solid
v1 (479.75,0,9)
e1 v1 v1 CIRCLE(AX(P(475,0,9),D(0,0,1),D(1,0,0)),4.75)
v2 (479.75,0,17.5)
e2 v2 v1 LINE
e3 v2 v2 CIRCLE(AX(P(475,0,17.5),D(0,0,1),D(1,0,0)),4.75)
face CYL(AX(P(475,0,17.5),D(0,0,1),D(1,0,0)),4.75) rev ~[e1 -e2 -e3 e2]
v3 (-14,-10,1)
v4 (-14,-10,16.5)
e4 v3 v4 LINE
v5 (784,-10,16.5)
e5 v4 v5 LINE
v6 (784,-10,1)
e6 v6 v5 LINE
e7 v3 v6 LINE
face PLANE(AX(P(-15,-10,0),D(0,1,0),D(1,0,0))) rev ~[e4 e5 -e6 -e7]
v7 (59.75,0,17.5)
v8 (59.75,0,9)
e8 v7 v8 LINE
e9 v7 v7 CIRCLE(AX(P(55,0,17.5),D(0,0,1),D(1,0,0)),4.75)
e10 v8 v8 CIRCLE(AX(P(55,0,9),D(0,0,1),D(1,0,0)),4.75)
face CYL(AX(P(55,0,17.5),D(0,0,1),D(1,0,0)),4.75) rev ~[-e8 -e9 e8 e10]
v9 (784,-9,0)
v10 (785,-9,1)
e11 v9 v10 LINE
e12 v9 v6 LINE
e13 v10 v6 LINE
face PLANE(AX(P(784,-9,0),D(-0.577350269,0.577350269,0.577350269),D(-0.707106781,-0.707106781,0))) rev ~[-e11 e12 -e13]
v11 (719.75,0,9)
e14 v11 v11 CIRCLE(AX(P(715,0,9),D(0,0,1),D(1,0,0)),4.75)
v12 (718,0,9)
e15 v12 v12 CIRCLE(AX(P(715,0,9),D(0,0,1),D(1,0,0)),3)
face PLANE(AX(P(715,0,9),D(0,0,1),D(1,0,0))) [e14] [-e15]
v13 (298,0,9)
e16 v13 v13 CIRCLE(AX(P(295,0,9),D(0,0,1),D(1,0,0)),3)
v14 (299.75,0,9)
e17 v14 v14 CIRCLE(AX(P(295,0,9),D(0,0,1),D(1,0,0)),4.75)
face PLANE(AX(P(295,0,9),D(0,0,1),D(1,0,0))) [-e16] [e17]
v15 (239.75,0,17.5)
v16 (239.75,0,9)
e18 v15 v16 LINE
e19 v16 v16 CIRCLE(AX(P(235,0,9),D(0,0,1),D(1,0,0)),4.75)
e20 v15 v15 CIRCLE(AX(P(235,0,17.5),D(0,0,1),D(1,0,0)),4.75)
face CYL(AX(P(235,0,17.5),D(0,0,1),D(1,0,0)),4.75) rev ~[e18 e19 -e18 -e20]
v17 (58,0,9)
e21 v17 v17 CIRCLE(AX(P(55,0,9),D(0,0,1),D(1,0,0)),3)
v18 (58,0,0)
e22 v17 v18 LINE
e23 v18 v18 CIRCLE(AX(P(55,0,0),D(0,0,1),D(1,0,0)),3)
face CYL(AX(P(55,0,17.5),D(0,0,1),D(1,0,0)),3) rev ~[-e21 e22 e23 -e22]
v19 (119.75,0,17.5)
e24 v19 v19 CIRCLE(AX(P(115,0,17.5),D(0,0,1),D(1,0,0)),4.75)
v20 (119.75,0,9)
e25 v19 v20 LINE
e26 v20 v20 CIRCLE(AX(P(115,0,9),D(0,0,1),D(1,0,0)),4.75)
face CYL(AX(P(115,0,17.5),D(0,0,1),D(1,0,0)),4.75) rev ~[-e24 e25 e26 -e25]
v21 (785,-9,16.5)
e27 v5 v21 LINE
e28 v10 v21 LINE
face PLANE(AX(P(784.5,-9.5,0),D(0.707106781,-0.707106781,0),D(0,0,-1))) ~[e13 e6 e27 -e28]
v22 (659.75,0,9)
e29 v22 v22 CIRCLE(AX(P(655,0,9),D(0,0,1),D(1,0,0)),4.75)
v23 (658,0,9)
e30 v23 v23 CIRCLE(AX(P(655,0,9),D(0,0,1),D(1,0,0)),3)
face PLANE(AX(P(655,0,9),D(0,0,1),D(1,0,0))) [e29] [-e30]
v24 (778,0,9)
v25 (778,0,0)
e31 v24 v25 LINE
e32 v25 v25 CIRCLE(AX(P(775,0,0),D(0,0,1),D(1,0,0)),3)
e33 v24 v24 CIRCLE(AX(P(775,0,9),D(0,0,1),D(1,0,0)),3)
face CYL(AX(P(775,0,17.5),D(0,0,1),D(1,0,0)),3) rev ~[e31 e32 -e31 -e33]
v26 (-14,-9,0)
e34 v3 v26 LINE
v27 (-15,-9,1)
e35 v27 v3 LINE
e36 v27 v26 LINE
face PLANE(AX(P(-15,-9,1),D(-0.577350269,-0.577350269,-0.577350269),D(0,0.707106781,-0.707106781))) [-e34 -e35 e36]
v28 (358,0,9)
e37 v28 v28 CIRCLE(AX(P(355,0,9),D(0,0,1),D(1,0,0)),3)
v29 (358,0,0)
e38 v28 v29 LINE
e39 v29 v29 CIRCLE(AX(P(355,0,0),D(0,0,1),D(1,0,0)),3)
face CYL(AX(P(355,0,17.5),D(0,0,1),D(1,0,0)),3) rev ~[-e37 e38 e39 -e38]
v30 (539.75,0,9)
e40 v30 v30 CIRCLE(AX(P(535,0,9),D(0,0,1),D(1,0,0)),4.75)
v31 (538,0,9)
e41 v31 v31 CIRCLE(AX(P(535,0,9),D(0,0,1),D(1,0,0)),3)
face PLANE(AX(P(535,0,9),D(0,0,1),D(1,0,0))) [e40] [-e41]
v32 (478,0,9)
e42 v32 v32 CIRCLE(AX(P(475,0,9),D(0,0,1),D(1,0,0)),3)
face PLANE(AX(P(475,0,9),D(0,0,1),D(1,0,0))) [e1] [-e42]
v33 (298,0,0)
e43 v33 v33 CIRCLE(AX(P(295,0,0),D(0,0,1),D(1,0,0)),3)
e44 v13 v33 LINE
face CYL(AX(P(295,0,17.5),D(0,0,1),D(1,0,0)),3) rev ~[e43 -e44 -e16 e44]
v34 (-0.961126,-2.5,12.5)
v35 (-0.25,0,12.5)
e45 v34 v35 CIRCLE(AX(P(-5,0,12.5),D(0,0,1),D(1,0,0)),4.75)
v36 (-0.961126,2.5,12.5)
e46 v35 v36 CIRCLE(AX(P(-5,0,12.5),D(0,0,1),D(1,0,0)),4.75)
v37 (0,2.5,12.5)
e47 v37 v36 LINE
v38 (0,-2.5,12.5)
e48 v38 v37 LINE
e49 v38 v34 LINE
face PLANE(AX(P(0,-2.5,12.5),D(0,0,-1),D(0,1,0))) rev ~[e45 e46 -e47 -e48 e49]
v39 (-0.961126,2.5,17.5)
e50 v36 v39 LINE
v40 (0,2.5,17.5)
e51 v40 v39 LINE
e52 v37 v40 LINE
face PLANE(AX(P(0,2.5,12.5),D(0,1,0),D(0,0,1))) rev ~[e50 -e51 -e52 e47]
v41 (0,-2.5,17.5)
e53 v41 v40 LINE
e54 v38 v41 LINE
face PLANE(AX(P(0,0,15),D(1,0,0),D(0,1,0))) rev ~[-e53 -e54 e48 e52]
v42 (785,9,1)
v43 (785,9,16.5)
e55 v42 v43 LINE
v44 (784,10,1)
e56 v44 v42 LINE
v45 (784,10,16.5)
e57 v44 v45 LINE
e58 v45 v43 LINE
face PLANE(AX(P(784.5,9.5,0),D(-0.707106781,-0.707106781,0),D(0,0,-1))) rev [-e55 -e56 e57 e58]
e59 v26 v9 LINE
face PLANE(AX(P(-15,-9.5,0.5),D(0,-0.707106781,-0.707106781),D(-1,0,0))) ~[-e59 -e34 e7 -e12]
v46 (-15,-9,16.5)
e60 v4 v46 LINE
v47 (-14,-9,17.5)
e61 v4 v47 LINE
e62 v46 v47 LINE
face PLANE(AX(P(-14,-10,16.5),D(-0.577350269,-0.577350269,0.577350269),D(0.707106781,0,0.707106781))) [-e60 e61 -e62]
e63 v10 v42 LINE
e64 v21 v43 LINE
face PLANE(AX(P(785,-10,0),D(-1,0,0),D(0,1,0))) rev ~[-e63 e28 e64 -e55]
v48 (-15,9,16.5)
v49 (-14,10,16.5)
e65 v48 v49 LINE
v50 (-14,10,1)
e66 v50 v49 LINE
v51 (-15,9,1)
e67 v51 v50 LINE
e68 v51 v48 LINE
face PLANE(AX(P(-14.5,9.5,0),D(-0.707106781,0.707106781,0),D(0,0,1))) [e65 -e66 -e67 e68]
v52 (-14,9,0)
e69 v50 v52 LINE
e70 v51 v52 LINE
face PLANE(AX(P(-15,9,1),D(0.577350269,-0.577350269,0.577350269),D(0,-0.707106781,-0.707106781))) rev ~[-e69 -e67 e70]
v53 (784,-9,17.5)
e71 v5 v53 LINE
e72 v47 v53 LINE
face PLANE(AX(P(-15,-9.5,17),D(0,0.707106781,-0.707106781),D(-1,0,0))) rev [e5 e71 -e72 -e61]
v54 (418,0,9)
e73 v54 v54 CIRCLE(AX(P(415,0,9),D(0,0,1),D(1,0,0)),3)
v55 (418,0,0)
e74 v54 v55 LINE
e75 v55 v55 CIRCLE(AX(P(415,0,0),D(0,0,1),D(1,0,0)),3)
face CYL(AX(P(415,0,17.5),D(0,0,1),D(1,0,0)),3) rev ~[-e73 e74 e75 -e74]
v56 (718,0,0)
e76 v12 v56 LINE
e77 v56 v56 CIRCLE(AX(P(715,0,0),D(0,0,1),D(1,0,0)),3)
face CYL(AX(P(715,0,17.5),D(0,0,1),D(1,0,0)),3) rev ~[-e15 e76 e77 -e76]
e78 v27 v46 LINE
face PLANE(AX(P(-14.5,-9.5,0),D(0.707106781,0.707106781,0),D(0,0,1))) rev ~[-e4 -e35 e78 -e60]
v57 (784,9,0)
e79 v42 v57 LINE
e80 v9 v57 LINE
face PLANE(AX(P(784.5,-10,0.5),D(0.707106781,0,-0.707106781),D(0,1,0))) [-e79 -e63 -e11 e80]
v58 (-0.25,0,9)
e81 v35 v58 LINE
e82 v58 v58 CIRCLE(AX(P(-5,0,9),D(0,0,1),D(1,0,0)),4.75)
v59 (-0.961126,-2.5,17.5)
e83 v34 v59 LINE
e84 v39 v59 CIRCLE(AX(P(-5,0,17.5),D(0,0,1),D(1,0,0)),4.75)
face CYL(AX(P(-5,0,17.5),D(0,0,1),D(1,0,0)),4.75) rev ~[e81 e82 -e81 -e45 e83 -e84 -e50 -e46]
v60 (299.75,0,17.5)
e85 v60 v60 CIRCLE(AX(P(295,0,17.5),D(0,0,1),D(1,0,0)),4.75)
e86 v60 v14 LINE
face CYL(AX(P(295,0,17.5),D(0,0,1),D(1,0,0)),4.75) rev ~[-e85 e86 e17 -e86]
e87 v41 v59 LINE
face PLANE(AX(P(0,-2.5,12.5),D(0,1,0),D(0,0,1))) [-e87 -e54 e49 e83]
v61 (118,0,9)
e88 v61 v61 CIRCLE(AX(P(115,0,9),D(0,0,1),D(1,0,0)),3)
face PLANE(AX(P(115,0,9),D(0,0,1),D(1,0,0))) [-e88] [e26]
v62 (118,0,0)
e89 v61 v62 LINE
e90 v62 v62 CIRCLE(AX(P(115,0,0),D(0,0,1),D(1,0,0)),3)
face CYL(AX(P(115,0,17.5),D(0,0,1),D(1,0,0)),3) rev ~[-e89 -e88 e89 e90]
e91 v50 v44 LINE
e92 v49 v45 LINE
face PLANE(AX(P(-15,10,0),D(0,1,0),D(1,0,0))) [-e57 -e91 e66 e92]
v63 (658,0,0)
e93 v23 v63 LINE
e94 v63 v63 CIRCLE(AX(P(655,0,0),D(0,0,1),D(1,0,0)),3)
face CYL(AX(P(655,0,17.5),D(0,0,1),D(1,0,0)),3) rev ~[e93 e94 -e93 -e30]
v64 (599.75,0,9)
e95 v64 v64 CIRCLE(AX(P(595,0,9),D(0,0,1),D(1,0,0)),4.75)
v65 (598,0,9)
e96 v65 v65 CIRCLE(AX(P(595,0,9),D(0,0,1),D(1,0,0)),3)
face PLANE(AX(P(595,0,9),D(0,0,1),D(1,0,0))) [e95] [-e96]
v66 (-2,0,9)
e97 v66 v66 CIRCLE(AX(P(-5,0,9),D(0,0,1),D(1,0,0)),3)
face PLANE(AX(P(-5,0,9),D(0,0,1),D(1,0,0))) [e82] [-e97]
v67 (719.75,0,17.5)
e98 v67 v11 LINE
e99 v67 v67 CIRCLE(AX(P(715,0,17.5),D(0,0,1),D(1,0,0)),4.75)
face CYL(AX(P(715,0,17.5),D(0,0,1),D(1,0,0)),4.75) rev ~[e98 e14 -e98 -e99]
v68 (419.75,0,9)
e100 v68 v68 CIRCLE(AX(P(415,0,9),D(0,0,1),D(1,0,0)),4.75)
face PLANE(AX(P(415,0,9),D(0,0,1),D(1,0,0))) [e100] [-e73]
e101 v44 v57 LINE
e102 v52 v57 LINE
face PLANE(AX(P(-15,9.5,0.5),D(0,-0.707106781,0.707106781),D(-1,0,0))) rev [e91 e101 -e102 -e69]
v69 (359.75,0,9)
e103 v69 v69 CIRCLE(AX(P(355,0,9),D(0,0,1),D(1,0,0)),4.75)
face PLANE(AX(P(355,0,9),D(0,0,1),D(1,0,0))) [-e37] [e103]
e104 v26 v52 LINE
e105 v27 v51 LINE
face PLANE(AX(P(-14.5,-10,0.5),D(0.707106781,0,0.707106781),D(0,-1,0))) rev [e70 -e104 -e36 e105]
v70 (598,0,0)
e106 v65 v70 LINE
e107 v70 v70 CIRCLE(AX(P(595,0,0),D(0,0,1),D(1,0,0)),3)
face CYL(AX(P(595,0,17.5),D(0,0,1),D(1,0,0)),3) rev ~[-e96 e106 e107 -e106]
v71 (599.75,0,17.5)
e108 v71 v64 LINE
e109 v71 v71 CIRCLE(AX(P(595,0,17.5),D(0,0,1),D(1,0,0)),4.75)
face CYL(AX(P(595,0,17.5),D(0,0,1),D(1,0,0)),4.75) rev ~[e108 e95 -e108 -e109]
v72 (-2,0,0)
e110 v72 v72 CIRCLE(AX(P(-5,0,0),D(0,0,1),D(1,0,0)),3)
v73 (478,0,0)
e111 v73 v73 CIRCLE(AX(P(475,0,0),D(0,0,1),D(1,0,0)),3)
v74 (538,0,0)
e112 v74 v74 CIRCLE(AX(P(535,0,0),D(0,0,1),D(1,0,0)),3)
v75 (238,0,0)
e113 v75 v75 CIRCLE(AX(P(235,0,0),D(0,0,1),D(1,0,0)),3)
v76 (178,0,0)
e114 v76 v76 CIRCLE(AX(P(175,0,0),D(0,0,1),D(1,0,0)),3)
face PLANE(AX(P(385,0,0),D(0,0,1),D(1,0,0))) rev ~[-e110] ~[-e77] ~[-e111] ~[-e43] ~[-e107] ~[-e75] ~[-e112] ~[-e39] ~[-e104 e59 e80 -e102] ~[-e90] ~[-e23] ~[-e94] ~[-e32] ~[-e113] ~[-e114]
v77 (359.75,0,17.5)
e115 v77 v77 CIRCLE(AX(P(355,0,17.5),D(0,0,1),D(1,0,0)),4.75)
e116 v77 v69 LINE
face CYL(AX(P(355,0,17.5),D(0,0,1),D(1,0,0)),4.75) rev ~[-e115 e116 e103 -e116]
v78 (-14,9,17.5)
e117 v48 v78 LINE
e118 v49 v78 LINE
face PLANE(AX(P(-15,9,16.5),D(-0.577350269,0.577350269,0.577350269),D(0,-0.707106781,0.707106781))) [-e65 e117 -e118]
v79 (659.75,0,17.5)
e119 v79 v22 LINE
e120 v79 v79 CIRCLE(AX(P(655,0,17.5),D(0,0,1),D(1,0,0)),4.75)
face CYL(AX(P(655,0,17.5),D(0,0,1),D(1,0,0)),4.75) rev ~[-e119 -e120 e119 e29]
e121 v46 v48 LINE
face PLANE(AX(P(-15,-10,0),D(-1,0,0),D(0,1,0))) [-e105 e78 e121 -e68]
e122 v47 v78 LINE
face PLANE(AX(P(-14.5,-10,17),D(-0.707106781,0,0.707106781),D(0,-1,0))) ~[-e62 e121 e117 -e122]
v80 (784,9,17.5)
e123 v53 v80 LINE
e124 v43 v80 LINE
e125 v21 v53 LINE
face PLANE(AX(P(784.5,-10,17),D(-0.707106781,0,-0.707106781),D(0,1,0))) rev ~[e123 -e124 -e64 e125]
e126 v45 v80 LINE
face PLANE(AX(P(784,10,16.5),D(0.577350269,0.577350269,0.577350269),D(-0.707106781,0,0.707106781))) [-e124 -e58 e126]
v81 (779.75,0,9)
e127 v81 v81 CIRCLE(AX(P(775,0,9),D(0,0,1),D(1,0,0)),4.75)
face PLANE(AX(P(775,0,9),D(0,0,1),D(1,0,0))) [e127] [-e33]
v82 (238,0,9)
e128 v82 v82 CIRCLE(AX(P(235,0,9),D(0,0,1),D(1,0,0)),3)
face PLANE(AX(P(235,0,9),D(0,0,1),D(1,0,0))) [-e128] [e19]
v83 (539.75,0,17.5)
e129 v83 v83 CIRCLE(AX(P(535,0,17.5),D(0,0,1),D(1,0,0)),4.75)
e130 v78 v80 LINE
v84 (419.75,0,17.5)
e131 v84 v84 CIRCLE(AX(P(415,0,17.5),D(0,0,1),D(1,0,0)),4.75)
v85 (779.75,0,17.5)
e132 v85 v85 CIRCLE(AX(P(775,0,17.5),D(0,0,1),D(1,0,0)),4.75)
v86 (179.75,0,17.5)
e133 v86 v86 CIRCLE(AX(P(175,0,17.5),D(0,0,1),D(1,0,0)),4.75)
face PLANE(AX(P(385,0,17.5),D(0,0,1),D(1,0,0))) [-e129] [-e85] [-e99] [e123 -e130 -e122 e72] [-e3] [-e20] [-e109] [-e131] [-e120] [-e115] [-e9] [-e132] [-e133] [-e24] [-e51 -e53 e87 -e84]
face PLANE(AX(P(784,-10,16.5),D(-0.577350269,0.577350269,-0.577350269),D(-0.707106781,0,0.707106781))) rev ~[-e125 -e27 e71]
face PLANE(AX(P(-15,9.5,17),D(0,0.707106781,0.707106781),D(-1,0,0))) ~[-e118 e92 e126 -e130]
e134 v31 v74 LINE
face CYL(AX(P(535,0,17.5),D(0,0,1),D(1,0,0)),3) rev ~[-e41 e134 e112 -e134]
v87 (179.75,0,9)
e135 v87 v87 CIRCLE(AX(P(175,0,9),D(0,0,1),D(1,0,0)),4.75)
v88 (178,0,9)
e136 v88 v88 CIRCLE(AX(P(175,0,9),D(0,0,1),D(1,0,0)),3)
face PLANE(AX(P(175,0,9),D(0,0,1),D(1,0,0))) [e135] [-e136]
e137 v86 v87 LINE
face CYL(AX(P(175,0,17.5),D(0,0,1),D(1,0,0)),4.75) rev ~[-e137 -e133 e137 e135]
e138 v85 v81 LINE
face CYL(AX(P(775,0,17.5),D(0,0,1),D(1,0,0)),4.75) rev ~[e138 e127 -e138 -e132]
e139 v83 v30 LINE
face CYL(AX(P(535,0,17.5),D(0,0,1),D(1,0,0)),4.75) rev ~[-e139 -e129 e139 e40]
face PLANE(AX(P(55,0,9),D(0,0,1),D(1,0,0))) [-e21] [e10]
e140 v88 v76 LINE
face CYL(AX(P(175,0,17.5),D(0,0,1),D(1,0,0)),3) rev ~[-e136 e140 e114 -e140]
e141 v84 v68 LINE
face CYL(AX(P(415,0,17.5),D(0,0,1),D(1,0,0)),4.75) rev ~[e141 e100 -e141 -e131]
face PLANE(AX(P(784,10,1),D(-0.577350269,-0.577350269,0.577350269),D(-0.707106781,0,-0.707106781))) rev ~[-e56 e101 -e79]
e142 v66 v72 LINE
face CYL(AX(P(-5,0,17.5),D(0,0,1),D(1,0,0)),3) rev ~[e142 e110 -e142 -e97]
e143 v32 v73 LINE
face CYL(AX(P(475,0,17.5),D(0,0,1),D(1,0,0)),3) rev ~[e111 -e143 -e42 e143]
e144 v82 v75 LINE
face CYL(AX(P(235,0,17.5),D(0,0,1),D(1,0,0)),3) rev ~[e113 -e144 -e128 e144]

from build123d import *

# Parameters (mm, degrees)
SKETCH_W        = 800
SKETCH_H        = 20
PAD_DEPTH       = 17.5
SKETCH001_R     = 4.75
POCKET_DEPTH    = 8.5
SKETCH002_R     = 3
POCKET001_DEPTH = 17.501
CHAMFER_SIZE    = 1
SKETCH003_W     = 5
SKETCH003_H     = 5
POCKET002_DEPTH = 4


with BuildPart() as part:
    # Sketch → Pad (new body)
    with BuildSketch(Plane.XY):
        with Locations((385, 0)):
            Rectangle(SKETCH_W, SKETCH_H)
    extrude(amount=PAD_DEPTH)

    # Sketch001 (on Face6 of Pad) → Pocket (cut)
    with BuildSketch(Plane.XY.offset(17.5)):
        with Locations((-5, 0)):
            Circle(SKETCH001_R)
        with Locations((55, 0)):
            Circle(SKETCH001_R)
        with Locations((115, 0)):
            Circle(SKETCH001_R)
        with Locations((175, 0)):
            Circle(SKETCH001_R)
        with Locations((235, 0)):
            Circle(SKETCH001_R)
        with Locations((295, 0)):
            Circle(SKETCH001_R)
        with Locations((355, 0)):
            Circle(SKETCH001_R)
        with Locations((415, 0)):
            Circle(SKETCH001_R)
        with Locations((475, 0)):
            Circle(SKETCH001_R)
        with Locations((535, 0)):
            Circle(SKETCH001_R)
        with Locations((595, 0)):
            Circle(SKETCH001_R)
        with Locations((655, 0)):
            Circle(SKETCH001_R)
        with Locations((715, 0)):
            Circle(SKETCH001_R)
        with Locations((775, 0)):
            Circle(SKETCH001_R)
    extrude(amount=-POCKET_DEPTH, mode=Mode.SUBTRACT)

    # Sketch002 (on Face5 of Pocket) → Pocket001 (cut, through all)
    with BuildSketch(Plane.XY.offset(17.5)):
        with Locations((-5, 0)):
            Circle(SKETCH002_R)
        with Locations((55, 0)):
            Circle(SKETCH002_R)
        with Locations((115, 0)):
            Circle(SKETCH002_R)
        with Locations((175, 0)):
            Circle(SKETCH002_R)
        with Locations((235, 0)):
            Circle(SKETCH002_R)
        with Locations((295, 0)):
            Circle(SKETCH002_R)
        with Locations((355, 0)):
            Circle(SKETCH002_R)
        with Locations((415, 0)):
            Circle(SKETCH002_R)
        with Locations((475, 0)):
            Circle(SKETCH002_R)
        with Locations((535, 0)):
            Circle(SKETCH002_R)
        with Locations((595, 0)):
            Circle(SKETCH002_R)
        with Locations((655, 0)):
            Circle(SKETCH002_R)
        with Locations((715, 0)):
            Circle(SKETCH002_R)
        with Locations((775, 0)):
            Circle(SKETCH002_R)
    extrude(amount=-POCKET001_DEPTH, mode=Mode.SUBTRACT)

    # Chamfer
    chamfer_edges = [part.edges().sort_by_distance(p)[0] for p in [
        (785, 0, 17.5),
        (785, -10, 8.75),
        (785, 0, 0),
        (785, 10, 8.75),
        (385, 10, 17.5),
        (385, -10, 0),
        (385, 10, 0),
        (-15, 10, 8.75),
        (-15, 0, 17.5),
        (-15, -10, 8.75),
        (-15, 0, 0),
        (385, -10, 17.5),
    ]]
    chamfer(chamfer_edges, length=CHAMFER_SIZE)

    # Sketch003 → Pocket002 (cut)
    with BuildSketch(Plane.YZ):
        with Locations((0, 15)):
            Rectangle(SKETCH003_W, SKETCH003_H)
    extrude(amount=-POCKET002_DEPTH, mode=Mode.SUBTRACT)


solid = part.part
